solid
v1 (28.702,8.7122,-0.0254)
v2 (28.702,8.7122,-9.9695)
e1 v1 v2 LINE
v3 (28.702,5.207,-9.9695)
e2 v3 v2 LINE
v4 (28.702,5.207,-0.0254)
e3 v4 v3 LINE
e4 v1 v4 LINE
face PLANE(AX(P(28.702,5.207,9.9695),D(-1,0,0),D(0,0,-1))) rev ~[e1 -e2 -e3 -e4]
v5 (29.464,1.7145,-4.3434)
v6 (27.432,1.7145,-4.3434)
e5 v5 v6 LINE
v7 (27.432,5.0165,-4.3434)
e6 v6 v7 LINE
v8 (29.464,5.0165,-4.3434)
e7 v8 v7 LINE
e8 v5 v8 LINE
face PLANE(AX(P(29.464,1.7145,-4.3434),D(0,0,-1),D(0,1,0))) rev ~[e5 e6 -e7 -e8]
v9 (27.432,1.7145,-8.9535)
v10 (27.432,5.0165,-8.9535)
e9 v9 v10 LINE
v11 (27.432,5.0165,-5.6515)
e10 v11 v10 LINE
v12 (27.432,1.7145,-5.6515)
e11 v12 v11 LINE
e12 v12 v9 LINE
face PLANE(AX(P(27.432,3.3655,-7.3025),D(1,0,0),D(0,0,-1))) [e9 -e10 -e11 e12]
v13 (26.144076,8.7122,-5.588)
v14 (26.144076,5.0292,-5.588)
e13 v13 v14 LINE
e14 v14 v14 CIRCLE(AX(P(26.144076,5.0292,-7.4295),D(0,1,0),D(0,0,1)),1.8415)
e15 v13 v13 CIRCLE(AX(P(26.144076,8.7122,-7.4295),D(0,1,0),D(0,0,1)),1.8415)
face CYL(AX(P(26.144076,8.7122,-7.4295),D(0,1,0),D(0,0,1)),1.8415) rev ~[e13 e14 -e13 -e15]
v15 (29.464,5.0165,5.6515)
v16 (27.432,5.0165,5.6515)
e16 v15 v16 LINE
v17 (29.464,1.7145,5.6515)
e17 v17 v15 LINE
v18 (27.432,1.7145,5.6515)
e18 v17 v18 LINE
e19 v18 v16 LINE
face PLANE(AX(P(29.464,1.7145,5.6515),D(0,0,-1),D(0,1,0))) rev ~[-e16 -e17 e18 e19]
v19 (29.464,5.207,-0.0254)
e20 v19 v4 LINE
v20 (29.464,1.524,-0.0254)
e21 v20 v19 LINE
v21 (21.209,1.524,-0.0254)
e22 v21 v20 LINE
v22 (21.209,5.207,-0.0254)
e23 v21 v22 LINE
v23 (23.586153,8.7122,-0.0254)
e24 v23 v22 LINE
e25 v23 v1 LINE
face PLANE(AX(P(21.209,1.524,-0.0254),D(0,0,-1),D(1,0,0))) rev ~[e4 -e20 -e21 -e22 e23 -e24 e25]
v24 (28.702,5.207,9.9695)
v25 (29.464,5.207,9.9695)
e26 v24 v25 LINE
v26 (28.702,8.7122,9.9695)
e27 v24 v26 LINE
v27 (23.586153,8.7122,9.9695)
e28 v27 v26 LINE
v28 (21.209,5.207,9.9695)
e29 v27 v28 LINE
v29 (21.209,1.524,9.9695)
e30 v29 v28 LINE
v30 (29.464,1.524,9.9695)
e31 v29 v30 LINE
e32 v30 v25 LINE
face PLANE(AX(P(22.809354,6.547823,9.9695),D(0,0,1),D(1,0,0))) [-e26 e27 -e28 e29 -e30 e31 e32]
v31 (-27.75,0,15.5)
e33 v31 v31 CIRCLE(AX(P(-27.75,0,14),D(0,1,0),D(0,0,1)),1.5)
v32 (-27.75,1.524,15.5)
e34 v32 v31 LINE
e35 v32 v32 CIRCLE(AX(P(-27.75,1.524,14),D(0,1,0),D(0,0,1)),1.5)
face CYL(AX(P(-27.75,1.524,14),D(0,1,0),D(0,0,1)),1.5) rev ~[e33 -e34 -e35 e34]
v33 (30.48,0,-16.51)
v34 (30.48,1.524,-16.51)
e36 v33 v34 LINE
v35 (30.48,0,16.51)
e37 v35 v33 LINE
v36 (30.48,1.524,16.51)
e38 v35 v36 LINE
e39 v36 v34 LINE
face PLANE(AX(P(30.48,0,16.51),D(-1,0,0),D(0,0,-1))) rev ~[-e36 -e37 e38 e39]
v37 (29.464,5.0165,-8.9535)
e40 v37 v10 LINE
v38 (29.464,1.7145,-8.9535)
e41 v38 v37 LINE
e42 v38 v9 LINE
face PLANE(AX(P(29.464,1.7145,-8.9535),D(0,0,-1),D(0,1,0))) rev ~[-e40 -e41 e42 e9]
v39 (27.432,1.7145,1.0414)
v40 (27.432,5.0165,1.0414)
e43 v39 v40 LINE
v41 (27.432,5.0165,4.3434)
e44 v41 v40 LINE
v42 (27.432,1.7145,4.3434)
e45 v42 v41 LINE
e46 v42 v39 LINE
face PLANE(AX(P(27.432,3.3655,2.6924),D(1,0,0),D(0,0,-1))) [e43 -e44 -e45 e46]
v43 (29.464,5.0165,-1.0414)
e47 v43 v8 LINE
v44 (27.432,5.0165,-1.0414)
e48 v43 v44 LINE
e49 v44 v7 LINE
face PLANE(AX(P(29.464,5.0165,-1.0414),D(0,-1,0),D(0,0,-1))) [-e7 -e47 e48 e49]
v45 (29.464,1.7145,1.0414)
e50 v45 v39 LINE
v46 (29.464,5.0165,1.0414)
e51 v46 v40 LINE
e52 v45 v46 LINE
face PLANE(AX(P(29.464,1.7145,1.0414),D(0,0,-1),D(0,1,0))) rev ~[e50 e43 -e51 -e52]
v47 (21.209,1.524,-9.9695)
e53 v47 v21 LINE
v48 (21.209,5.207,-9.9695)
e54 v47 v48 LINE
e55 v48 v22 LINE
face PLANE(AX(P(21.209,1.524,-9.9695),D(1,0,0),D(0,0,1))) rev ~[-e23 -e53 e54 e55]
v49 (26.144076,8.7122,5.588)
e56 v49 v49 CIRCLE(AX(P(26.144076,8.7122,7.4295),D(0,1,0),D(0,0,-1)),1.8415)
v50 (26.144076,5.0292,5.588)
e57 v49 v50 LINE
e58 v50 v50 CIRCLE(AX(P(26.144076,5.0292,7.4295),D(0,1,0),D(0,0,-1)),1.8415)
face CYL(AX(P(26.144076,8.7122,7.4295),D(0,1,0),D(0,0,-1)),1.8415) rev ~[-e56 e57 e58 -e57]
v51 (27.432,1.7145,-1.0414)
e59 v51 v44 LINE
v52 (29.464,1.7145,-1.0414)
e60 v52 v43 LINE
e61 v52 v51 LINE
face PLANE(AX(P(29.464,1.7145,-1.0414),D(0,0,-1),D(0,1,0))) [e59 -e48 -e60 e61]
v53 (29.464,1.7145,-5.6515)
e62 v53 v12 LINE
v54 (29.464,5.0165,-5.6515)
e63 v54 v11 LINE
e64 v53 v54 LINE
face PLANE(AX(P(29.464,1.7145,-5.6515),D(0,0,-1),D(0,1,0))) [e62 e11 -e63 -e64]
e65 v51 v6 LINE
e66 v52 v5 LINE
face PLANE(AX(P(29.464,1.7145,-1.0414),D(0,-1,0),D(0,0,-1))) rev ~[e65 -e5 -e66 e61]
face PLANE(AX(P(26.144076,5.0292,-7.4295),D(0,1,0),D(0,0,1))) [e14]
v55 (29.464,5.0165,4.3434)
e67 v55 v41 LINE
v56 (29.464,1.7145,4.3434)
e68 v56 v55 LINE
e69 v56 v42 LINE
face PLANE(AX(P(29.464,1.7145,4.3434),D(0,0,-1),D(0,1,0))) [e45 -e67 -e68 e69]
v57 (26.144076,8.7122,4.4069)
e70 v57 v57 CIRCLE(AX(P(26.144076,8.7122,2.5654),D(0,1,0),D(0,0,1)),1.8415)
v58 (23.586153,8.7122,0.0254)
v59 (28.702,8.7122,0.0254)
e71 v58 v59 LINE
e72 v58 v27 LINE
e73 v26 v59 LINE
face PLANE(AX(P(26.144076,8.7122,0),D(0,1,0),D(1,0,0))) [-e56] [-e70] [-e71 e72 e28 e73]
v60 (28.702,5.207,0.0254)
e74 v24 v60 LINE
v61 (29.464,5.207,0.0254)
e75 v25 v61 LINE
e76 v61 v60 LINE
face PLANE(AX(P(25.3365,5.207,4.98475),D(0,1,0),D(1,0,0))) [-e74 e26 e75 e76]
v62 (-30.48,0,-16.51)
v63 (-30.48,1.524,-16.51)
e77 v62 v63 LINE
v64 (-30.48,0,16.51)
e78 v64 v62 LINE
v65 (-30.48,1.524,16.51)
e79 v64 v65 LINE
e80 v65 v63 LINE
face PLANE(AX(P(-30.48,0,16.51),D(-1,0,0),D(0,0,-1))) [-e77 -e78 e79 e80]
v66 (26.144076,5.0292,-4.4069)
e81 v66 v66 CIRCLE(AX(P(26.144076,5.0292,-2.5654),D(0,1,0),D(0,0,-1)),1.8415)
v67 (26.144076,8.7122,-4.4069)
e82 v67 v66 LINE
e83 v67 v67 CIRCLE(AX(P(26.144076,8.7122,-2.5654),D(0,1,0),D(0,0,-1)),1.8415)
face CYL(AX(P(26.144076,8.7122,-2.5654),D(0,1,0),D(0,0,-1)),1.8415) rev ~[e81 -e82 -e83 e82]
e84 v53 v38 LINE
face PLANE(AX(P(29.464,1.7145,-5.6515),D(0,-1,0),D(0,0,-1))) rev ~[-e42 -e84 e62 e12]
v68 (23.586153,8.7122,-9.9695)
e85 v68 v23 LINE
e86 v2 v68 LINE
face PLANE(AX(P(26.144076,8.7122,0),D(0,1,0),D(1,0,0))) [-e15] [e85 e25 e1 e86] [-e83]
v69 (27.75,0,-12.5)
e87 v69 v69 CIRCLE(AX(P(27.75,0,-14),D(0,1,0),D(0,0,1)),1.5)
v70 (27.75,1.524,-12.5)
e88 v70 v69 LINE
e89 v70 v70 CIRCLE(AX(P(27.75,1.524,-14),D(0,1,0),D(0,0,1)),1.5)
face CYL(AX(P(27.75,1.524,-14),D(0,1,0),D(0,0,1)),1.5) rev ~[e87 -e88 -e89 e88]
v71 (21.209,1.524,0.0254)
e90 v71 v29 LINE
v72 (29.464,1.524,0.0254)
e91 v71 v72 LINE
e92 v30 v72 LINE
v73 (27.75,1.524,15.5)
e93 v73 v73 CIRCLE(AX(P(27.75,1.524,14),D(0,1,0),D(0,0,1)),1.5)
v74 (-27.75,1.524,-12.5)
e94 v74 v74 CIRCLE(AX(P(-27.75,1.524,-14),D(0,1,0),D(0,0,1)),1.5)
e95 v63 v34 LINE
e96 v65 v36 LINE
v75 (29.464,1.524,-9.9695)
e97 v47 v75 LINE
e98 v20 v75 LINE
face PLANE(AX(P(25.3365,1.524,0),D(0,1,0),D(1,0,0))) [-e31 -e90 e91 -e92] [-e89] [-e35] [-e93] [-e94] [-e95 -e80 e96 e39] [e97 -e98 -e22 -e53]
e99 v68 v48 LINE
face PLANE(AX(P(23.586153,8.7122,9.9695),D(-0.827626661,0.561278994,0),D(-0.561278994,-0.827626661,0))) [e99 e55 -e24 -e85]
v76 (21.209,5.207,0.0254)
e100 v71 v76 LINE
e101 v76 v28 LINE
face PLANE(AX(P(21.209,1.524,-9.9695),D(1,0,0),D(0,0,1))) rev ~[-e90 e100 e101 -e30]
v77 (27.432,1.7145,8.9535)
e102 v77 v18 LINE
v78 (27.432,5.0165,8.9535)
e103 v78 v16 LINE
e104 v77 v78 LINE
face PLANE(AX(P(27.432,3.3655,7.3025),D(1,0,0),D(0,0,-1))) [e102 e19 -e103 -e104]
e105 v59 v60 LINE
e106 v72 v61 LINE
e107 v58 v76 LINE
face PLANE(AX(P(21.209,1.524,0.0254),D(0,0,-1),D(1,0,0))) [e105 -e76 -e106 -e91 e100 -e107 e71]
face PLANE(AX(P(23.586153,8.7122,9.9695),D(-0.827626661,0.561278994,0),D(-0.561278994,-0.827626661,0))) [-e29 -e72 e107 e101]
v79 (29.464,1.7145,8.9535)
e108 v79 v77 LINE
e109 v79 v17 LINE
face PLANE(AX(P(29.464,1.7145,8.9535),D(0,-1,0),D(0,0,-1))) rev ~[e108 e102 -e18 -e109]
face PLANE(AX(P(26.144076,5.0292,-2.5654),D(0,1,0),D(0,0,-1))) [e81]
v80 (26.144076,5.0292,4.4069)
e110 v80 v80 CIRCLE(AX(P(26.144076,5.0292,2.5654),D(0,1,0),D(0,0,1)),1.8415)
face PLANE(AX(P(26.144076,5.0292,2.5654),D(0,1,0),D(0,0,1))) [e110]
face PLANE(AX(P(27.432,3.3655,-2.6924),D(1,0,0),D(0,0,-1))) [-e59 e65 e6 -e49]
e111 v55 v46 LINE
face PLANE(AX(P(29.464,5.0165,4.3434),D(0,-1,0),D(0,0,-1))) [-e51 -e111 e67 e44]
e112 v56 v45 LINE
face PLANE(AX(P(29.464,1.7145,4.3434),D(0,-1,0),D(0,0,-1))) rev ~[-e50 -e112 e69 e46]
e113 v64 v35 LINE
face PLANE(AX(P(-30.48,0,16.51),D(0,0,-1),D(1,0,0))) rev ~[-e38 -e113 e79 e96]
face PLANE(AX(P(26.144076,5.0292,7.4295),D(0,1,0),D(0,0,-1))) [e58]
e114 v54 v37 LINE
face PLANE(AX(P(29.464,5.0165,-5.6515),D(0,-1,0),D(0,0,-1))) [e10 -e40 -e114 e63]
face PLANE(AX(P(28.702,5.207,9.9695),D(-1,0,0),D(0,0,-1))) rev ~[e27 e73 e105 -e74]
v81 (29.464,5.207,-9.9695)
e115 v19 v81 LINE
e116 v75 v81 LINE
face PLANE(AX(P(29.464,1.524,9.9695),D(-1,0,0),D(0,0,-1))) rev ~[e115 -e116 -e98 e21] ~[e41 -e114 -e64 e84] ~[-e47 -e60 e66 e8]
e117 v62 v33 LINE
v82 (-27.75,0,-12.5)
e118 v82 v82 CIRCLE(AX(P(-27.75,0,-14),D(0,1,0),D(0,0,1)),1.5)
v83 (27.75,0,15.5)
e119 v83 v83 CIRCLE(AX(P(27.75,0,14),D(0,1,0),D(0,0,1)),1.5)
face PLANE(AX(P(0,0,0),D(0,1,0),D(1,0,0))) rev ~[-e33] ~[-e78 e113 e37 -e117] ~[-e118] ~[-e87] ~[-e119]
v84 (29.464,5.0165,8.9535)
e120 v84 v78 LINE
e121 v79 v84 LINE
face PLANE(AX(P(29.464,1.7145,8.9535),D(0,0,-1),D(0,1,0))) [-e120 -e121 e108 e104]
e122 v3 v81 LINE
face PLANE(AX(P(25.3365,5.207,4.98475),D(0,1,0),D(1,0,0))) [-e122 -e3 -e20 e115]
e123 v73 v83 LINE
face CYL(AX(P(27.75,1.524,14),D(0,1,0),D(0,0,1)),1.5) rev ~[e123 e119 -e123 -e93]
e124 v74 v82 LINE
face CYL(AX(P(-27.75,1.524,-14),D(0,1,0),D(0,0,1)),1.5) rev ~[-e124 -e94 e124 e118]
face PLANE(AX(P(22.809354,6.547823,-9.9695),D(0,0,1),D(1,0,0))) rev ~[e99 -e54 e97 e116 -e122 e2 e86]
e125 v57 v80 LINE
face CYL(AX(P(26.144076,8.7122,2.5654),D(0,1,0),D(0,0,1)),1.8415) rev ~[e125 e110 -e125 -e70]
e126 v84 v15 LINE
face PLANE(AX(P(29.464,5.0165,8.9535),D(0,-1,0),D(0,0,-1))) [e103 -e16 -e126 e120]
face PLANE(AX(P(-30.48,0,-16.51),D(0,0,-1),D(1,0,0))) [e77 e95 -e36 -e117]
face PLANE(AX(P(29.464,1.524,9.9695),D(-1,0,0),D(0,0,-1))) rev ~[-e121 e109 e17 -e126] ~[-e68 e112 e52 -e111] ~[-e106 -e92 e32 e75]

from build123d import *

# Parameters (mm, degrees)
ESQUISSE1_W             = 60.96
ESQUISSE1_H             = 33.02
BOSS_EXTRU_1_DEPTH      = 1.524
ESQUISSE3_W             = 8.255
ESQUISSE3_H             = 9.9695
BOSS_EXTRU_2_DEPTH      = 3.683
BOSS_EXTRU_3_DEPTH      = 3.5052
BOSS_EXTRU_4_DEPTH      = 19.939
ENL_V_START             = -7.1882
ESQUISSE7_W             = 8.255
ESQUISSE7_H             = 0.0508
ENL_V_MAT_EXTRU_1_DEPTH = 7.1882
ESQUISSE8_W             = 3.302
ESQUISSE8_H             = 3.302
ENL_V_MAT_EXTRU_2_DEPTH = 2.032
ESQUISSE9_R             = 1.8415
ENL_V_MAT_EXTRU_3_DEPTH = 3.683
ESQUISSE10_R            = 1.5
ENL_V_MAT_EXTRU_4_DEPTH = 36.401705033


with BuildPart() as part:
    # Esquisse1 → Boss.-Extru.1 (new body)
    with BuildSketch(Plane(origin=(0, 0, 0), x_dir=(1, 0, 0), z_dir=(0, 1, 0))):
        Rectangle(ESQUISSE1_W, ESQUISSE1_H)
    extrude(amount=BOSS_EXTRU_1_DEPTH)

    # Esquisse3 → Boss.-Extru.2 (add)
    with BuildSketch(Plane(origin=(0, 1.524, 0), x_dir=(1, 0, 0), z_dir=(0, 1, 0))):
        with Locations((25.3365, -4.98475)):
            Rectangle(ESQUISSE3_W, ESQUISSE3_H)
        with Locations((25.3365, 4.98475)):
            Rectangle(ESQUISSE3_W, ESQUISSE3_H)
    extrude(amount=BOSS_EXTRU_2_DEPTH)

    # Esquisse5 → Boss.-Extru.3 (add)
    with BuildSketch(Plane(origin=(0, 5.207, 0), x_dir=(1, 0, 0), z_dir=(0, 1, 0))):
        Polygon((28.702, 0), (28.702, 9.9695), (23.586152916, 9.9695), (23.586152916, -9.9695), (28.702, -9.9695), align=None)
    extrude(amount=BOSS_EXTRU_3_DEPTH)

    # Esquisse6 → Boss.-Extru.4 (add)
    with BuildSketch(Plane.XY.offset(9.9695)):
        Polygon((23.586152916, 8.7122), (21.209, 5.207), (23.586152916, 5.207), align=None)
    extrude(amount=-BOSS_EXTRU_4_DEPTH)

    # Esquisse7 → Enlèv. mat.-Extru.1 (cut)
    with BuildSketch(Plane(origin=(0, 8.7122, 0), x_dir=(1, 0, 0), z_dir=(0, 1, 0)).offset(ENL_V_START)):
        with Locations((25.3365, 0)):
            Rectangle(ESQUISSE7_W, ESQUISSE7_H)
    extrude(amount=ENL_V_MAT_EXTRU_1_DEPTH, mode=Mode.SUBTRACT)

    # Esquisse8 → Enlèv. mat.-Extru.2 (cut)
    with BuildSketch(Plane(origin=(29.464, 0, 0), x_dir=(0, 0, -1), z_dir=(1, 0, 0))):
        with Locations((7.3025, 3.3655)):
            Rectangle(ESQUISSE8_W, ESQUISSE8_H)
        with Locations((2.6924, 3.3655)):
            Rectangle(ESQUISSE8_W, ESQUISSE8_H)
        with Locations((-7.3025, 3.3655)):
            Rectangle(ESQUISSE8_W, ESQUISSE8_H)
        with Locations((-2.6924, 3.3655)):
            Rectangle(ESQUISSE8_W, ESQUISSE8_H)
    extrude(amount=-ENL_V_MAT_EXTRU_2_DEPTH, mode=Mode.SUBTRACT)

    # Esquisse9 → Enlèv. mat.-Extru.3 (cut)
    with BuildSketch(Plane(origin=(0, 8.7122, 0), x_dir=(1, 0, 0), z_dir=(0, 1, 0))):
        with Locations(Location((26.144076458, 7.4295, 0), (0, 0, 270))):
            Circle(ESQUISSE9_R)
        with Locations(Location((26.144076458, 2.5654, 0), (0, 0, 90))):
            Circle(ESQUISSE9_R)
        with Locations(Location((26.144076458, -2.5654, 0), (0, 0, 270))):
            Circle(ESQUISSE9_R)
        with Locations(Location((26.144076458, -7.4295, 0), (0, 0, 90))):
            Circle(ESQUISSE9_R)
    extrude(amount=-ENL_V_MAT_EXTRU_3_DEPTH, mode=Mode.SUBTRACT)

    # Esquisse10 → Enlèv. mat.-Extru.4 (cut, through all)
    with BuildSketch(Plane(origin=(0, 1.524, 0), x_dir=(1, 0, 0), z_dir=(0, 1, 0))):
        with Locations(Location((-27.75, 14, 0), (0, 0, 270))):
            Circle(ESQUISSE10_R)
        with Locations(Location((27.75, 14, 0), (0, 0, 270))):
            Circle(ESQUISSE10_R)
        with Locations(Location((27.75, -14, 0), (0, 0, 270))):
            Circle(ESQUISSE10_R)
        with Locations(Location((-27.75, -14, 0), (0, 0, 270))):
            Circle(ESQUISSE10_R)
    extrude(amount=-ENL_V_MAT_EXTRU_4_DEPTH, mode=Mode.SUBTRACT)


solid = part.part
